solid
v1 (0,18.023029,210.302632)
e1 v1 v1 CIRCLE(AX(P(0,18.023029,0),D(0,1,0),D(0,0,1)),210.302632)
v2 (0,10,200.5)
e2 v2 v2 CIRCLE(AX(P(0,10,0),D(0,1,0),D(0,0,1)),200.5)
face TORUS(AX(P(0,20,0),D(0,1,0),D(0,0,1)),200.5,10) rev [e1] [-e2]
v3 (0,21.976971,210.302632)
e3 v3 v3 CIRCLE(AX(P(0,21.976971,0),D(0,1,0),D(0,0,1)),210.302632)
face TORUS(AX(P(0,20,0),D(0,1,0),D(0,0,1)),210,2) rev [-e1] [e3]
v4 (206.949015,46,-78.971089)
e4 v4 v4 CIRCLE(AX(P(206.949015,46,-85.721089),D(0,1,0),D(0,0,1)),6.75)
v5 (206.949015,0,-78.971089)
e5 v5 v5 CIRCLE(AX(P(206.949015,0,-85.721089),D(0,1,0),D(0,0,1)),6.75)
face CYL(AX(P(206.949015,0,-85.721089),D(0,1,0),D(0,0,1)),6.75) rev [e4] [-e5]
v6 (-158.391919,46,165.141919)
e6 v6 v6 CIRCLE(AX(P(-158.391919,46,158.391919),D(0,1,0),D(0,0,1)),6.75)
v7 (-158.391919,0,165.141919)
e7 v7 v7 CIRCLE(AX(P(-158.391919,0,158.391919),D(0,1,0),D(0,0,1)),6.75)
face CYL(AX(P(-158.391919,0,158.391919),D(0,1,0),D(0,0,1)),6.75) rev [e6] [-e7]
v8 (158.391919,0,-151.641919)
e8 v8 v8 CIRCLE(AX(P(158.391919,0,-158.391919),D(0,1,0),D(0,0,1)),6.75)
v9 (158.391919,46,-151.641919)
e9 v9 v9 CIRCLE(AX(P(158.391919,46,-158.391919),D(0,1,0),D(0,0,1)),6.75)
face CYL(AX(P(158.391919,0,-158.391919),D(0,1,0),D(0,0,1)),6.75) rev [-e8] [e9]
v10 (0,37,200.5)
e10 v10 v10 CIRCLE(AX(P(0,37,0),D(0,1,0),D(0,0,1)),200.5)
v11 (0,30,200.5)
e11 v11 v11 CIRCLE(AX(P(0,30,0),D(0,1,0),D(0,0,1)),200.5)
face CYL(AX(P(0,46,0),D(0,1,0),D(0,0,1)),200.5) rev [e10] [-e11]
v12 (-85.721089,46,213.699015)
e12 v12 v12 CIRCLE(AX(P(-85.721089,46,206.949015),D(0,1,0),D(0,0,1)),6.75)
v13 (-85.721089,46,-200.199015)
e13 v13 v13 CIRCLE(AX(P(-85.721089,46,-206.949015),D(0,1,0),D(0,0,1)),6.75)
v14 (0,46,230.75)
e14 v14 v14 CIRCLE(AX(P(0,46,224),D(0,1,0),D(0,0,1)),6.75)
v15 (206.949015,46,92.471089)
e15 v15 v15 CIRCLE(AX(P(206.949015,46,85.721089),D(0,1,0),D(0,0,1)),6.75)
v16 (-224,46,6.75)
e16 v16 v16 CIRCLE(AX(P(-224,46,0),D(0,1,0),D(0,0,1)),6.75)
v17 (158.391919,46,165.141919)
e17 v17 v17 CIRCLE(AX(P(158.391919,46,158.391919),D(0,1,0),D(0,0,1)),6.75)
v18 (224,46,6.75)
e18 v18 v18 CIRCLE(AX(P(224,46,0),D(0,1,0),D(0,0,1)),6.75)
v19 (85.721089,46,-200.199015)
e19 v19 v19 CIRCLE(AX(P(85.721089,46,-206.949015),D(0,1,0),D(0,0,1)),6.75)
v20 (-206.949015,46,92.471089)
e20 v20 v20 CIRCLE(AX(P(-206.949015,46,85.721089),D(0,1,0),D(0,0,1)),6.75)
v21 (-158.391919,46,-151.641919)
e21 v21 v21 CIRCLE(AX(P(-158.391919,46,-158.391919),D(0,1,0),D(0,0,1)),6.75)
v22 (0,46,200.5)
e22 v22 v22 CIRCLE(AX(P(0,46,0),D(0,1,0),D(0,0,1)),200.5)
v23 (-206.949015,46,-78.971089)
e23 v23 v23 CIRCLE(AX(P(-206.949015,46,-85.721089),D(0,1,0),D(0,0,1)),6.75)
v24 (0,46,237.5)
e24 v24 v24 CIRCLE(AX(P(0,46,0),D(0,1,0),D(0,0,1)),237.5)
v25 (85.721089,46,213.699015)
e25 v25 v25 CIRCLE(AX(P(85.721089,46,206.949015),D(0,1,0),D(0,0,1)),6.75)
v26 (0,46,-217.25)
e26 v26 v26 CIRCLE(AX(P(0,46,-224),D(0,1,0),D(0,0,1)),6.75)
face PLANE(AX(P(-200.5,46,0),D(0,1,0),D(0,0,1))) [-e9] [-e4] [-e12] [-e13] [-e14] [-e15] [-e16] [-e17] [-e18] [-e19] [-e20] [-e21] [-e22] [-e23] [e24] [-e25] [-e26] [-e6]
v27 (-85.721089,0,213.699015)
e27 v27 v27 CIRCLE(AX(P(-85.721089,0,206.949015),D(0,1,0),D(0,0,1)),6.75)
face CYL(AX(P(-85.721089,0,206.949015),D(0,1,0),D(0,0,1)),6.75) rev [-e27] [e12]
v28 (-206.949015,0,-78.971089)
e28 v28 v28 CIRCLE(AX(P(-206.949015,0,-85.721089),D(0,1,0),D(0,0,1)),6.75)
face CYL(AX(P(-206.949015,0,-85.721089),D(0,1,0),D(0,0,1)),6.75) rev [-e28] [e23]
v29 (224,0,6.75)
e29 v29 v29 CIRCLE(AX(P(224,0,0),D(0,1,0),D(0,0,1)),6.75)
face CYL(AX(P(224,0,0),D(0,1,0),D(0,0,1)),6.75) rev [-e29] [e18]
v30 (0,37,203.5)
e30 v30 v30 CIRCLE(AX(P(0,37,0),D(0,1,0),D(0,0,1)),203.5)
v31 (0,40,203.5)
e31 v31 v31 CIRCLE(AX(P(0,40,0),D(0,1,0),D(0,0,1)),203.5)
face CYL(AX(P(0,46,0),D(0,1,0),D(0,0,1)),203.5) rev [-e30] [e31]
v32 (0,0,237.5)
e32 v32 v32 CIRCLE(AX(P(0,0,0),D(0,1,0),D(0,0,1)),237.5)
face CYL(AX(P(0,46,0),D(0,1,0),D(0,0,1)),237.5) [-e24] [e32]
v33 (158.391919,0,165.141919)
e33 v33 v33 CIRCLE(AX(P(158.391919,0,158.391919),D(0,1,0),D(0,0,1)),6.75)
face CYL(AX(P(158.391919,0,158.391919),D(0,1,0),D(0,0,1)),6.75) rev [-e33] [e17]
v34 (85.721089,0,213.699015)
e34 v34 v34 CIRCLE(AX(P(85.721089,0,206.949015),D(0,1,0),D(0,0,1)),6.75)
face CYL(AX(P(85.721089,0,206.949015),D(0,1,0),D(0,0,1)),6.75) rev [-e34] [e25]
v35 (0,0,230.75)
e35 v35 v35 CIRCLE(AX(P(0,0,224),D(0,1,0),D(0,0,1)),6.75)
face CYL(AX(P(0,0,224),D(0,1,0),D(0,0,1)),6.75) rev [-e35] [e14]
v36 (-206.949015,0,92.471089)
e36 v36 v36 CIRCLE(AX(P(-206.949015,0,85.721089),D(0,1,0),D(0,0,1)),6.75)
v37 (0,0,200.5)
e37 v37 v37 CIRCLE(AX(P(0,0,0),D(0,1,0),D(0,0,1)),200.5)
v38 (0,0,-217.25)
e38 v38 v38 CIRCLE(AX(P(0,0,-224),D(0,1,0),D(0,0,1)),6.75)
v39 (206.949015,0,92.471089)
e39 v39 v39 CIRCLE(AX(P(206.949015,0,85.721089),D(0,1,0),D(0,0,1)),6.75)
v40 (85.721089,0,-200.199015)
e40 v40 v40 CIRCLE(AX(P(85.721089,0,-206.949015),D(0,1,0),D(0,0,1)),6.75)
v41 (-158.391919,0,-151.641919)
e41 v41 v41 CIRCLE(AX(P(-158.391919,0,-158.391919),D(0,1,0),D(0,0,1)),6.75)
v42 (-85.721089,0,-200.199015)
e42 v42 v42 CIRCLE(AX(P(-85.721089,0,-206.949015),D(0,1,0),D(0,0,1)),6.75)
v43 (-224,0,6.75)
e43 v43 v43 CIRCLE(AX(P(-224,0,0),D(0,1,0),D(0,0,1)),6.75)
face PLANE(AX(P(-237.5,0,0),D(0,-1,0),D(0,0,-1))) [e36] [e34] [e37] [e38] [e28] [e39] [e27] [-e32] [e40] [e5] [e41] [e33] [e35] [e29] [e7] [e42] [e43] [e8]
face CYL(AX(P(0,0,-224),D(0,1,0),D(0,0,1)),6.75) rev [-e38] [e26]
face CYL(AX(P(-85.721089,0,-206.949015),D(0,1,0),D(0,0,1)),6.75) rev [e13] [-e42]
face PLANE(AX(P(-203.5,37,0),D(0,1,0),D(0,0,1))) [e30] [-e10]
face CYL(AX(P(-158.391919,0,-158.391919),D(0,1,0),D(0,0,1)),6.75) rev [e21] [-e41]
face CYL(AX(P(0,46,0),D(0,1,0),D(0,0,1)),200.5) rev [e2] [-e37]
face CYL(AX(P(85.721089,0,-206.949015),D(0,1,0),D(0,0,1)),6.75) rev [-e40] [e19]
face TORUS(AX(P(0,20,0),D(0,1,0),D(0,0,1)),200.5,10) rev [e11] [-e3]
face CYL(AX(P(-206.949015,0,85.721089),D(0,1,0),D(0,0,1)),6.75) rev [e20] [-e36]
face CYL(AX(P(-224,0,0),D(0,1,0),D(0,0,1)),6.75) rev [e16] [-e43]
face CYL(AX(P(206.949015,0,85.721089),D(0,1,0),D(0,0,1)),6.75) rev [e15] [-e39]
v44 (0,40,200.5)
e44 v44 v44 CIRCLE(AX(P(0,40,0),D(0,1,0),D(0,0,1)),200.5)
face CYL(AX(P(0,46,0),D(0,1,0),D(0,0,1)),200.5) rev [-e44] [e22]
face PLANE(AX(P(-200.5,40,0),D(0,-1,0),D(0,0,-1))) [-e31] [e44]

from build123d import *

# Parameters (mm, degrees)
ESQUISSE2_R             = 6.75
ENL_V_MAT_EXTRU_1_DEPTH = 340.011061766


with BuildPart() as part:
    # Esquisse1 → Révolution1 (revolve)
    with BuildSketch(Plane.XY, mode=Mode.PRIVATE) as r_volution1_sk:
        with BuildLine():
            Line((-237.5, 0), (-237.5, 46))
            Line((-237.5, 46), (-200.5, 46))
            Line((-200.5, 46), (-200.5, 40))
            Line((-200.5, 40), (-203.5, 40))
            Line((-203.5, 40), (-203.5, 37))
            Line((-203.5, 37), (-200.5, 37))
            Line((-200.5, 37), (-200.5, 30))
            ThreePointArc((-200.5, 30), (-206.833651811, 27.738530528), (-210.302631579, 21.976970948))
            ThreePointArc((-210.302631579, 21.976970948), (-212, 20), (-210.302631579, 18.023029052))
            ThreePointArc((-210.302631579, 18.023029052), (-206.833651811, 12.261469472), (-200.5, 10))
            Line((-200.5, 10), (-200.5, 0))
            Line((-200.5, 0), (-237.5, 0))
        make_face()
    revolve(r_volution1_sk.sketch.rotate(Axis((0, 46, 0), (0, -1, 0)), 270), axis=Axis((0, 46, 0), (0, -1, 0)))

    # Esquisse2 → Enlèv. mat.-Extru.1 (cut, through all)
    with BuildSketch(Plane(origin=(0, 46, 0), x_dir=(1, 0, 0), z_dir=(0, 1, 0))):
        with Locations(Location((-224, 0, 0), (0, 0, 270))):
            Circle(ESQUISSE2_R)
        with Locations(Location((-206.949015283, 85.72108885, 0), (0, 0, 270))):
            Circle(ESQUISSE2_R)
        with Locations(Location((-158.391918986, 158.391918986, 0), (0, 0, 270))):
            Circle(ESQUISSE2_R)
        with Locations(Location((-85.72108885, 206.949015283, 0), (0, 0, 270))):
            Circle(ESQUISSE2_R)
        with Locations(Location((0, 224, 0), (0, 0, 270))):
            Circle(ESQUISSE2_R)
        with Locations(Location((85.72108885, 206.949015283, 0), (0, 0, 270))):
            Circle(ESQUISSE2_R)
        with Locations(Location((158.391918986, 158.391918986, 0), (0, 0, 270))):
            Circle(ESQUISSE2_R)
        with Locations(Location((206.949015283, 85.72108885, 0), (0, 0, 270))):
            Circle(ESQUISSE2_R)
        with Locations(Location((224, 0, 0), (0, 0, 270))):
            Circle(ESQUISSE2_R)
        with Locations(Location((206.949015283, -85.72108885, 0), (0, 0, 270))):
            Circle(ESQUISSE2_R)
        with Locations(Location((158.391918986, -158.391918986, 0), (0, 0, 270))):
            Circle(ESQUISSE2_R)
        with Locations(Location((85.72108885, -206.949015283, 0), (0, 0, 270))):
            Circle(ESQUISSE2_R)
        with Locations(Location((0, -224, 0), (0, 0, 270))):
            Circle(ESQUISSE2_R)
        with Locations(Location((-85.72108885, -206.949015283, 0), (0, 0, 270))):
            Circle(ESQUISSE2_R)
        with Locations(Location((-158.391918986, -158.391918986, 0), (0, 0, 270))):
            Circle(ESQUISSE2_R)
        with Locations(Location((-206.949015283, -85.72108885, 0), (0, 0, 270))):
            Circle(ESQUISSE2_R)
    extrude(amount=-ENL_V_MAT_EXTRU_1_DEPTH, mode=Mode.SUBTRACT)


solid = part.part
